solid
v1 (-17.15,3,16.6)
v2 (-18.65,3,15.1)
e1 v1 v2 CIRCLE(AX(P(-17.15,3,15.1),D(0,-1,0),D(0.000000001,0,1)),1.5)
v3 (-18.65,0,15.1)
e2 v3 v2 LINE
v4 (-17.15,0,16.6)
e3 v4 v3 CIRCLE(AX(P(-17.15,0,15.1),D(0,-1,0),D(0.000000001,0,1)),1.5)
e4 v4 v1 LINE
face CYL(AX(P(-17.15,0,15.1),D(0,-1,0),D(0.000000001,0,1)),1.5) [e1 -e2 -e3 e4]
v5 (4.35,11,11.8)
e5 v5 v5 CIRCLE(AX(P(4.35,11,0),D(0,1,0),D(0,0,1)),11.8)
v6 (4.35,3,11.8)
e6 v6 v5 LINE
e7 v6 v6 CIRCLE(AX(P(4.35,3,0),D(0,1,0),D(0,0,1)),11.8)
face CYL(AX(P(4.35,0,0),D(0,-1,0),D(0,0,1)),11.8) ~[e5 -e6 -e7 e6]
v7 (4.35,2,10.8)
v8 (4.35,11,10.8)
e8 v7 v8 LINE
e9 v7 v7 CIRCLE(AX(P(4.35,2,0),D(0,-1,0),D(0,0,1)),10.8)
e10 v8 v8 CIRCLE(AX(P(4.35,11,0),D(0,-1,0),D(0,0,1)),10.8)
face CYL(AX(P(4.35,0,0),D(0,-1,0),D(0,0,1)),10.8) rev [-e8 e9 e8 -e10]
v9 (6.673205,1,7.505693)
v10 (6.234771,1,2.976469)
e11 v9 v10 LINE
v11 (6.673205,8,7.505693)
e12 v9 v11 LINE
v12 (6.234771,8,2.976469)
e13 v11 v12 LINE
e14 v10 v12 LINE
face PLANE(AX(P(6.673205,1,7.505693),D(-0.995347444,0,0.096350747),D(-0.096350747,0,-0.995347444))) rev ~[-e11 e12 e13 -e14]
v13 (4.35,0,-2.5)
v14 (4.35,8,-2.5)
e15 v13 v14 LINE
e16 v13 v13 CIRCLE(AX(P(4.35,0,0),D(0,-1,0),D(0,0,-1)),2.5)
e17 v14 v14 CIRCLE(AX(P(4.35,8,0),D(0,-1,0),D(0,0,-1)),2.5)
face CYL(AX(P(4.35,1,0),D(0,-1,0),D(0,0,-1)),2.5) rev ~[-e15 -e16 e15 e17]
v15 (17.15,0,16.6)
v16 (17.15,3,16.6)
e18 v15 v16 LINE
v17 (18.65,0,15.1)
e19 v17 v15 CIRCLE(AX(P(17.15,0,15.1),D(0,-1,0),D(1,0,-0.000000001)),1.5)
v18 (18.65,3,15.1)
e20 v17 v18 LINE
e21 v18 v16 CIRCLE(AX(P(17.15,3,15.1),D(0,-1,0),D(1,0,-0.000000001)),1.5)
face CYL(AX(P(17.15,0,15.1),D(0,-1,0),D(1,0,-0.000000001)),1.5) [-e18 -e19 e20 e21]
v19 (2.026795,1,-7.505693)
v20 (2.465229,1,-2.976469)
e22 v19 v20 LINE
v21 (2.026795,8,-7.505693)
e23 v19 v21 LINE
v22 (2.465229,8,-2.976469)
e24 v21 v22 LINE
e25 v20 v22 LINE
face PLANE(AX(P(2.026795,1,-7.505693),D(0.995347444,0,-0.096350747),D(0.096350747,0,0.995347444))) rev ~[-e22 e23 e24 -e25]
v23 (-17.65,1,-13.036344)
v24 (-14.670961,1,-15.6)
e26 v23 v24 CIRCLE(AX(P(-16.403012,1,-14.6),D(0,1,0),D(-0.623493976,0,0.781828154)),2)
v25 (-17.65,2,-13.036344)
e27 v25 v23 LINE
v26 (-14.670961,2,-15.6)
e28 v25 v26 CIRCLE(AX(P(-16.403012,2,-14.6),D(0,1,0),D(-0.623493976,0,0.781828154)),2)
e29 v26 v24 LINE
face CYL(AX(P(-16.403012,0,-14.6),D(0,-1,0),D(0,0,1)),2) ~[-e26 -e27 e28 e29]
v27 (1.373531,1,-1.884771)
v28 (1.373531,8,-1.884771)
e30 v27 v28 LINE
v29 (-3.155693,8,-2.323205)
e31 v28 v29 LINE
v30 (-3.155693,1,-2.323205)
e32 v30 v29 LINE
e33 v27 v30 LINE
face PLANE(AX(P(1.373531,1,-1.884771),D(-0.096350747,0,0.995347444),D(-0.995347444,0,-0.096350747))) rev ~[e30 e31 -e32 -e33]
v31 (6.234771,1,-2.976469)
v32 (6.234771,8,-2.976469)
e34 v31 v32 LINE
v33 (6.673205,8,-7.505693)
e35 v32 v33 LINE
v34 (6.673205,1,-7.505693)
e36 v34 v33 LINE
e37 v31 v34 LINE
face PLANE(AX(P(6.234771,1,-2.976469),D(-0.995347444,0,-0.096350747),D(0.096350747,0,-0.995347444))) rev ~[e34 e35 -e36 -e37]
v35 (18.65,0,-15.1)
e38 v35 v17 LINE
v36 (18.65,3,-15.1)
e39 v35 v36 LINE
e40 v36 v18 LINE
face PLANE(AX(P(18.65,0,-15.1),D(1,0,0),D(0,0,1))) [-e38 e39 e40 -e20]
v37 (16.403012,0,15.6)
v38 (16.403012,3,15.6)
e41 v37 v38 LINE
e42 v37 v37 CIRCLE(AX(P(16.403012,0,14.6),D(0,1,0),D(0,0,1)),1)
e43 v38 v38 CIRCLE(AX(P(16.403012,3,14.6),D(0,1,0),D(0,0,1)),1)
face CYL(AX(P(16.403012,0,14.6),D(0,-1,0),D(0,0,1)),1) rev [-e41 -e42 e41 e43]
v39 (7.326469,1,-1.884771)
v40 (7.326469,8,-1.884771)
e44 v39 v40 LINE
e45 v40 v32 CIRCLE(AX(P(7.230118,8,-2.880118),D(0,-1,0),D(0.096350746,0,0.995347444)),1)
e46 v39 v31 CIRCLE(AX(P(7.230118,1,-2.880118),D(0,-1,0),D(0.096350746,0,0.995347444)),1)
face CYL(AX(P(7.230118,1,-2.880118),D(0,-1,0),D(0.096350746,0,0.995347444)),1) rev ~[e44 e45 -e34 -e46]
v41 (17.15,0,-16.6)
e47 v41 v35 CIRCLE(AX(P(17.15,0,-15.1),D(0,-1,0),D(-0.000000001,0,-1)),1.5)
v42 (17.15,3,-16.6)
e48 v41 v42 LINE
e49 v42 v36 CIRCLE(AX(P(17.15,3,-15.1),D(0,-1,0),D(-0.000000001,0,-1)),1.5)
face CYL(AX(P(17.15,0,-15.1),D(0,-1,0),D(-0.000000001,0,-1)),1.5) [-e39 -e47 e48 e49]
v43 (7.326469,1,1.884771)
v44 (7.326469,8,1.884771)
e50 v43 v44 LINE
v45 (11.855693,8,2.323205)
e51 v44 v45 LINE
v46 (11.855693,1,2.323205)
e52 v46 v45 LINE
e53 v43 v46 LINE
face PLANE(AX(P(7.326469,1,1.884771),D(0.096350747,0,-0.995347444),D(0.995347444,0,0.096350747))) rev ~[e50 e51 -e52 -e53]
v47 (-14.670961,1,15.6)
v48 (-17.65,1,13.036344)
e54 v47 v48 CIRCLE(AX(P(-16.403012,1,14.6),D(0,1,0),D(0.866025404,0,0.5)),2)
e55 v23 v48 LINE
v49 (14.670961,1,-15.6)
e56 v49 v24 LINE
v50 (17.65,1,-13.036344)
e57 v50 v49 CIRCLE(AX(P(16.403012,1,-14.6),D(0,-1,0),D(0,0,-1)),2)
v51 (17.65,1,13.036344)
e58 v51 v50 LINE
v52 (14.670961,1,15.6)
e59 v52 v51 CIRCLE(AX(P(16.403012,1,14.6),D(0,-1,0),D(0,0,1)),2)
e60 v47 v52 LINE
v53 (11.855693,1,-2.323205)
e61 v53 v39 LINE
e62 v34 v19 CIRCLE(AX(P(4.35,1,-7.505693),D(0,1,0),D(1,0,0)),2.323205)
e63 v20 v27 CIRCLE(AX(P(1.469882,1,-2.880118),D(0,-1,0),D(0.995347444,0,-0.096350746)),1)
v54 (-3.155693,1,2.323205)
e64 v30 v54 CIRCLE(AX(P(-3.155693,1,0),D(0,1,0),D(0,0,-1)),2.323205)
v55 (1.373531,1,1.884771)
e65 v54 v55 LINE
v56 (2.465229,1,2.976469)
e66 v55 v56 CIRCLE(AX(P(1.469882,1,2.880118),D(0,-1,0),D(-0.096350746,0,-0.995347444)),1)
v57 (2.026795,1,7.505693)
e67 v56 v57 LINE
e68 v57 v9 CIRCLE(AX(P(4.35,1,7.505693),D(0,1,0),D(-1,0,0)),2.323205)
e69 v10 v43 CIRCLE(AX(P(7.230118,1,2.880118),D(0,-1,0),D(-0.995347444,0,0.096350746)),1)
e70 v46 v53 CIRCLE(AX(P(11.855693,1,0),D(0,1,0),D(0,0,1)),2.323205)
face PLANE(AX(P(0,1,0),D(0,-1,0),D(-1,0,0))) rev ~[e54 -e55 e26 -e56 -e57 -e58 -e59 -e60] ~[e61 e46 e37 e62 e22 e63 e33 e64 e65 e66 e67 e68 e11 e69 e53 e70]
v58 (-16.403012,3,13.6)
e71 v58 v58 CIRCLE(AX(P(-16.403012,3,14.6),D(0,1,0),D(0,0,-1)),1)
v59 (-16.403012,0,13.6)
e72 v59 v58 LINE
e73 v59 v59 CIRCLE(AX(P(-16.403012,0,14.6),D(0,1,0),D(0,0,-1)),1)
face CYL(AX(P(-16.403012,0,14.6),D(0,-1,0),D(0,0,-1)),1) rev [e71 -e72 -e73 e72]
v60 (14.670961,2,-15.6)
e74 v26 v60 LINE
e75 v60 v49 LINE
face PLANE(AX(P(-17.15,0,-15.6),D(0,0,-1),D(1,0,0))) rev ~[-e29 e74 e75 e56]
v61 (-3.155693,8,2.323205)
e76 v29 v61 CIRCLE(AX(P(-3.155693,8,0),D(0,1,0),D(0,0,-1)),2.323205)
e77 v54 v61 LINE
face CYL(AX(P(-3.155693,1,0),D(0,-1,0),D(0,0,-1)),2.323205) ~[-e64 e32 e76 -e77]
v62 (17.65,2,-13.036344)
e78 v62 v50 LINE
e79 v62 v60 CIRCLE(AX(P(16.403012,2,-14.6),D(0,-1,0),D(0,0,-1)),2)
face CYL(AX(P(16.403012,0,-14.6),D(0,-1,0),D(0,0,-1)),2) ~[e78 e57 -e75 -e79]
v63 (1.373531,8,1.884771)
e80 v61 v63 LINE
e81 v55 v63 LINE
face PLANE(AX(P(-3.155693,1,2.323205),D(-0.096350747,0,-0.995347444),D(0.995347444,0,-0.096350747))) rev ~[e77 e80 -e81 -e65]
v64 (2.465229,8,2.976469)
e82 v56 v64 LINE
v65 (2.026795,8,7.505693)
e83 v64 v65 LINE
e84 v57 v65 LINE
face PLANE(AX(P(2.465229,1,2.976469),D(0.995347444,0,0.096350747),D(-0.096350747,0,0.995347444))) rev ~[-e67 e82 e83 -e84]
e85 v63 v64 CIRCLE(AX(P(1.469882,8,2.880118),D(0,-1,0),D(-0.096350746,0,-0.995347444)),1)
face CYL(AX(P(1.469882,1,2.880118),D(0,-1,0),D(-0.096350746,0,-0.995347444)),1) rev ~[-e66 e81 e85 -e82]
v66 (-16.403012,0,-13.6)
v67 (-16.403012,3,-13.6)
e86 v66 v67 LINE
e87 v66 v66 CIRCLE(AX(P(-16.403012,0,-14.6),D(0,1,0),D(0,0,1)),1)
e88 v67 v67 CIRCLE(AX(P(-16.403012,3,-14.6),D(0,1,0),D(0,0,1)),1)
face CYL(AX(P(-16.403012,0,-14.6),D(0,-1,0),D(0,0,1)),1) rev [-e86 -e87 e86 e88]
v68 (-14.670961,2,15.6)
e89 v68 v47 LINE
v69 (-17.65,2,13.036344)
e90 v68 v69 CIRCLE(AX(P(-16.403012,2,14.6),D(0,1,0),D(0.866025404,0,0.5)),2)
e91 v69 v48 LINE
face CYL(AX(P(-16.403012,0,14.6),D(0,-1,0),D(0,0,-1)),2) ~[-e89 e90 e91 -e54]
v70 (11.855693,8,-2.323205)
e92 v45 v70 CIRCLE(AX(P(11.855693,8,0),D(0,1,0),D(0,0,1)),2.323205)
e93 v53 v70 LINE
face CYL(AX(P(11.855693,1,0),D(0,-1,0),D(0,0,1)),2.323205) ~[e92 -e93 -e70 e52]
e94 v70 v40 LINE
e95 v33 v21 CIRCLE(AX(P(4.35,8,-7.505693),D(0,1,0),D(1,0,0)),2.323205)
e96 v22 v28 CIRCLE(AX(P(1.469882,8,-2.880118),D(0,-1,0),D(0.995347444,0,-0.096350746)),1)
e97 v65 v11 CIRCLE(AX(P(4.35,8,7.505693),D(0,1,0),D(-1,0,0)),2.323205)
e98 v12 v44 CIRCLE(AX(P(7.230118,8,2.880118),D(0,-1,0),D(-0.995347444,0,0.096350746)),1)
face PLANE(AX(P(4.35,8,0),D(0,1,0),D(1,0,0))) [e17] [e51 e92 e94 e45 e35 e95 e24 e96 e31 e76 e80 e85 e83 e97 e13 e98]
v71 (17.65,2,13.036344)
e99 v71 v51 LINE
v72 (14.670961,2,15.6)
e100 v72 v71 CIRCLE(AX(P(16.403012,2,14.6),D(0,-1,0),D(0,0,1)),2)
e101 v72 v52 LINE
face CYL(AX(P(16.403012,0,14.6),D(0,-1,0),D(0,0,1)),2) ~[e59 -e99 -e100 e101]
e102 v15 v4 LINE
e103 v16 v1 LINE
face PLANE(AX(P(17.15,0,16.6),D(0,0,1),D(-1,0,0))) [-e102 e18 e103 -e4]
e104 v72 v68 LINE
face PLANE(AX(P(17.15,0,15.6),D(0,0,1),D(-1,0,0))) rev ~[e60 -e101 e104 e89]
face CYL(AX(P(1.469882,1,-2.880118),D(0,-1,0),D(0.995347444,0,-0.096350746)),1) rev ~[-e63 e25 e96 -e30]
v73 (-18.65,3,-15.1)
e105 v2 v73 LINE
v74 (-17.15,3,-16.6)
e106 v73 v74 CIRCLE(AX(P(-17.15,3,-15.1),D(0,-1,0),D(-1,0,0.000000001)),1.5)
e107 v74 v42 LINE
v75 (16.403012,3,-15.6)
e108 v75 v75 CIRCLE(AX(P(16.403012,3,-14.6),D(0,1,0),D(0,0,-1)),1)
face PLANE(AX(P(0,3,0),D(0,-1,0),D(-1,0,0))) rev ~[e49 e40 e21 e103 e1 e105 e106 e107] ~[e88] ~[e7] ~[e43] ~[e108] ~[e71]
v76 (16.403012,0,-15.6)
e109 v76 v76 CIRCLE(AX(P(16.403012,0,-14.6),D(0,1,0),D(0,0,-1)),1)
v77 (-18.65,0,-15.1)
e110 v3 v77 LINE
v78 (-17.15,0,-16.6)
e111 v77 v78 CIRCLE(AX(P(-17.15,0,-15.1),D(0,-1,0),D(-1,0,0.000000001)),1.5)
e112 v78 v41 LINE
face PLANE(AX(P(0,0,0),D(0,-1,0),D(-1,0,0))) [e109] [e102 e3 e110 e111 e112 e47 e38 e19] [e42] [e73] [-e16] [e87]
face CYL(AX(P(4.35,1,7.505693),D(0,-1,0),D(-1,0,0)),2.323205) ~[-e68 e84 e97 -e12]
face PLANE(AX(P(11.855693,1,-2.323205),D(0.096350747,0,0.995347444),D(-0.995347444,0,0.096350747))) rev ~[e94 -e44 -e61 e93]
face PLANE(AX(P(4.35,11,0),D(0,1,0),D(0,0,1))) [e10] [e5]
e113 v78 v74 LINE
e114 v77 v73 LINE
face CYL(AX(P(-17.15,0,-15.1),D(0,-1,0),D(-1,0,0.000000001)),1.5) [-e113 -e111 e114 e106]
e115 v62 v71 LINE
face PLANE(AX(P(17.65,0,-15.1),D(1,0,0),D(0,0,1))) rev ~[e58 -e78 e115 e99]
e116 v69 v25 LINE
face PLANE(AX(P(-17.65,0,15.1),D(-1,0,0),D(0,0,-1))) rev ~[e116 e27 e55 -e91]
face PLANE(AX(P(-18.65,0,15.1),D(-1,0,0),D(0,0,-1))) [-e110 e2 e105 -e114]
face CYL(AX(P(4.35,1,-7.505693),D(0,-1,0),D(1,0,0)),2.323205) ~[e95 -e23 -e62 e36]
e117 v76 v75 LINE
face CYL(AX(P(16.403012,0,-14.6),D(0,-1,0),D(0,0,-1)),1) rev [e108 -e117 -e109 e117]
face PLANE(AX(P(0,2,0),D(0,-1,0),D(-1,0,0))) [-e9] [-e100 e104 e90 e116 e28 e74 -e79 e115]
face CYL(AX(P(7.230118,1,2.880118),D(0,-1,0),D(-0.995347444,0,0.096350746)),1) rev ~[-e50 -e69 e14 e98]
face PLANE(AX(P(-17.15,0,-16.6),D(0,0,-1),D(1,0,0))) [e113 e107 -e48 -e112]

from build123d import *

# Parameters (mm, degrees)
SKETCH1_R           = 11.8
SKETCH1_R_2         = 1
BOSS_EXTRUDE1_DEPTH = 3
SKETCH3_R           = 11.8
BOSS_EXTRUDE2_DEPTH = 11
SHELL1_T            = -1
SKETCH4_R           = 2.5
CUT_EXTRUDE2_DEPTH  = 3
BOSS_EXTRUDE4_DEPTH = 7
SKETCH6_R           = 2.5
CUT_EXTRUDE3_DEPTH  = 27.895771043


with BuildPart() as part:
    # Sketch1 → Boss-Extrude1 (new body)
    with BuildSketch(Plane(origin=(0, 0, 0), x_dir=(1, 0, 0), z_dir=(0, 1, 0))):
        with BuildLine():
            Line((-17.15, 16.6), (17.15, 16.6))
            ThreePointArc((17.15, 16.6), (18.210660172, 16.160660172), (18.65, 15.1))
            Line((18.65, 15.1), (18.65, -15.1))
            ThreePointArc((18.65, -15.1), (18.210660172, -16.160660172), (17.15, -16.6))
            Line((17.15, -16.6), (-17.15, -16.6))
            ThreePointArc((-17.15, -16.6), (-18.210660172, -16.160660172), (-18.65, -15.1))
            Line((-18.65, -15.1), (-18.65, 15.1))
            ThreePointArc((-18.65, 15.1), (-18.210660172, 16.160660172), (-17.15, 16.6))
        make_face()
        with Locations(Location((4.35, 0, 0), (0, 0, 270))):
            Circle(SKETCH1_R, mode=Mode.SUBTRACT)
        with Locations(Location((-16.403012048, 14.6, 0), (0, 0, 270))):
            Circle(SKETCH1_R_2, mode=Mode.SUBTRACT)
        with Locations(Location((16.403012048, 14.6, 0), (0, 0, 90))):
            Circle(SKETCH1_R_2, mode=Mode.SUBTRACT)
        with Locations(Location((16.403012048, -14.6, 0), (0, 0, 270))):
            Circle(SKETCH1_R_2, mode=Mode.SUBTRACT)
        with Locations(Location((-16.403012048, -14.6, 0), (0, 0, 90))):
            Circle(SKETCH1_R_2, mode=Mode.SUBTRACT)
    extrude(amount=BOSS_EXTRUDE1_DEPTH)

    # Sketch3 → Boss-Extrude2 (add)
    with BuildSketch(Plane(origin=(0, 0, 0), x_dir=(1, 0, 0), z_dir=(0, 1, 0))):
        with Locations(Location((4.35, 0, 0), (0, 0, 270))):
            Circle(SKETCH3_R)
    extrude(amount=BOSS_EXTRUDE2_DEPTH)

    # Shell1
    shell1_openings = [part.faces().sort_by_distance(p)[0] for p in [
        (4.35, 11, 0),
    ]]
    offset(amount=SHELL1_T, openings=shell1_openings, kind=Kind.INTERSECTION)

    # Sketch4 → Cut-Extrude2 (cut)
    with BuildSketch(Plane.XZ):
        with Locations(Location((4.35, 0, 0), (0, 0, 270))):
            Circle(SKETCH4_R)
    extrude(amount=-CUT_EXTRUDE2_DEPTH, mode=Mode.SUBTRACT)

    # Sketch5 → Boss-Extrude4 (add)
    with BuildSketch(Plane(origin=(0, 1, 0), x_dir=(1, 0, 0), z_dir=(0, 1, 0))):
        with BuildLine():
            Line((2.02679539, 7.505692886), (2.465229351, 2.97646884))
            ThreePointArc((2.465229351, 2.97646884), (2.176988688, 2.173011312), (1.37353116, 1.884770649))
            Line((1.37353116, 1.884770649), (-3.155692886, 2.32320461))
            ThreePointArc((-3.155692886, 2.32320461), (-5.478897496, 0), (-3.155692886, -2.32320461))
            Line((-3.155692886, -2.32320461), (1.37353116, -1.884770649))
            ThreePointArc((1.37353116, -1.884770649), (2.176988688, -2.173011312), (2.465229351, -2.97646884))
            Line((2.465229351, -2.97646884), (2.02679539, -7.505692886))
            ThreePointArc((2.02679539, -7.505692886), (4.35, -9.828897496), (6.67320461, -7.505692886))
            Line((6.67320461, -7.505692886), (6.234770649, -2.97646884))
            ThreePointArc((6.234770649, -2.97646884), (6.523011312, -2.173011312), (7.32646884, -1.884770649))
            Line((7.32646884, -1.884770649), (11.855692886, -2.32320461))
            ThreePointArc((11.855692886, -2.32320461), (14.178897496, 0), (11.855692886, 2.32320461))
            Line((11.855692886, 2.32320461), (7.32646884, 1.884770649))
            ThreePointArc((7.32646884, 1.884770649), (6.523011312, 2.173011312), (6.234770649, 2.97646884))
            Line((6.234770649, 2.97646884), (6.67320461, 7.505692886))
            ThreePointArc((6.67320461, 7.505692886), (4.35, 9.828897496), (2.02679539, 7.505692886))
        make_face()
    extrude(amount=BOSS_EXTRUDE4_DEPTH)

    # Sketch6 → Cut-Extrude3 (cut, through all)
    with BuildSketch(Plane.XZ.offset(-1)):
        with Locations(Location((4.35, 0, 0), (0, 0, 270))):
            Circle(SKETCH6_R)
    extrude(amount=-CUT_EXTRUDE3_DEPTH, mode=Mode.SUBTRACT)


solid = part.part
